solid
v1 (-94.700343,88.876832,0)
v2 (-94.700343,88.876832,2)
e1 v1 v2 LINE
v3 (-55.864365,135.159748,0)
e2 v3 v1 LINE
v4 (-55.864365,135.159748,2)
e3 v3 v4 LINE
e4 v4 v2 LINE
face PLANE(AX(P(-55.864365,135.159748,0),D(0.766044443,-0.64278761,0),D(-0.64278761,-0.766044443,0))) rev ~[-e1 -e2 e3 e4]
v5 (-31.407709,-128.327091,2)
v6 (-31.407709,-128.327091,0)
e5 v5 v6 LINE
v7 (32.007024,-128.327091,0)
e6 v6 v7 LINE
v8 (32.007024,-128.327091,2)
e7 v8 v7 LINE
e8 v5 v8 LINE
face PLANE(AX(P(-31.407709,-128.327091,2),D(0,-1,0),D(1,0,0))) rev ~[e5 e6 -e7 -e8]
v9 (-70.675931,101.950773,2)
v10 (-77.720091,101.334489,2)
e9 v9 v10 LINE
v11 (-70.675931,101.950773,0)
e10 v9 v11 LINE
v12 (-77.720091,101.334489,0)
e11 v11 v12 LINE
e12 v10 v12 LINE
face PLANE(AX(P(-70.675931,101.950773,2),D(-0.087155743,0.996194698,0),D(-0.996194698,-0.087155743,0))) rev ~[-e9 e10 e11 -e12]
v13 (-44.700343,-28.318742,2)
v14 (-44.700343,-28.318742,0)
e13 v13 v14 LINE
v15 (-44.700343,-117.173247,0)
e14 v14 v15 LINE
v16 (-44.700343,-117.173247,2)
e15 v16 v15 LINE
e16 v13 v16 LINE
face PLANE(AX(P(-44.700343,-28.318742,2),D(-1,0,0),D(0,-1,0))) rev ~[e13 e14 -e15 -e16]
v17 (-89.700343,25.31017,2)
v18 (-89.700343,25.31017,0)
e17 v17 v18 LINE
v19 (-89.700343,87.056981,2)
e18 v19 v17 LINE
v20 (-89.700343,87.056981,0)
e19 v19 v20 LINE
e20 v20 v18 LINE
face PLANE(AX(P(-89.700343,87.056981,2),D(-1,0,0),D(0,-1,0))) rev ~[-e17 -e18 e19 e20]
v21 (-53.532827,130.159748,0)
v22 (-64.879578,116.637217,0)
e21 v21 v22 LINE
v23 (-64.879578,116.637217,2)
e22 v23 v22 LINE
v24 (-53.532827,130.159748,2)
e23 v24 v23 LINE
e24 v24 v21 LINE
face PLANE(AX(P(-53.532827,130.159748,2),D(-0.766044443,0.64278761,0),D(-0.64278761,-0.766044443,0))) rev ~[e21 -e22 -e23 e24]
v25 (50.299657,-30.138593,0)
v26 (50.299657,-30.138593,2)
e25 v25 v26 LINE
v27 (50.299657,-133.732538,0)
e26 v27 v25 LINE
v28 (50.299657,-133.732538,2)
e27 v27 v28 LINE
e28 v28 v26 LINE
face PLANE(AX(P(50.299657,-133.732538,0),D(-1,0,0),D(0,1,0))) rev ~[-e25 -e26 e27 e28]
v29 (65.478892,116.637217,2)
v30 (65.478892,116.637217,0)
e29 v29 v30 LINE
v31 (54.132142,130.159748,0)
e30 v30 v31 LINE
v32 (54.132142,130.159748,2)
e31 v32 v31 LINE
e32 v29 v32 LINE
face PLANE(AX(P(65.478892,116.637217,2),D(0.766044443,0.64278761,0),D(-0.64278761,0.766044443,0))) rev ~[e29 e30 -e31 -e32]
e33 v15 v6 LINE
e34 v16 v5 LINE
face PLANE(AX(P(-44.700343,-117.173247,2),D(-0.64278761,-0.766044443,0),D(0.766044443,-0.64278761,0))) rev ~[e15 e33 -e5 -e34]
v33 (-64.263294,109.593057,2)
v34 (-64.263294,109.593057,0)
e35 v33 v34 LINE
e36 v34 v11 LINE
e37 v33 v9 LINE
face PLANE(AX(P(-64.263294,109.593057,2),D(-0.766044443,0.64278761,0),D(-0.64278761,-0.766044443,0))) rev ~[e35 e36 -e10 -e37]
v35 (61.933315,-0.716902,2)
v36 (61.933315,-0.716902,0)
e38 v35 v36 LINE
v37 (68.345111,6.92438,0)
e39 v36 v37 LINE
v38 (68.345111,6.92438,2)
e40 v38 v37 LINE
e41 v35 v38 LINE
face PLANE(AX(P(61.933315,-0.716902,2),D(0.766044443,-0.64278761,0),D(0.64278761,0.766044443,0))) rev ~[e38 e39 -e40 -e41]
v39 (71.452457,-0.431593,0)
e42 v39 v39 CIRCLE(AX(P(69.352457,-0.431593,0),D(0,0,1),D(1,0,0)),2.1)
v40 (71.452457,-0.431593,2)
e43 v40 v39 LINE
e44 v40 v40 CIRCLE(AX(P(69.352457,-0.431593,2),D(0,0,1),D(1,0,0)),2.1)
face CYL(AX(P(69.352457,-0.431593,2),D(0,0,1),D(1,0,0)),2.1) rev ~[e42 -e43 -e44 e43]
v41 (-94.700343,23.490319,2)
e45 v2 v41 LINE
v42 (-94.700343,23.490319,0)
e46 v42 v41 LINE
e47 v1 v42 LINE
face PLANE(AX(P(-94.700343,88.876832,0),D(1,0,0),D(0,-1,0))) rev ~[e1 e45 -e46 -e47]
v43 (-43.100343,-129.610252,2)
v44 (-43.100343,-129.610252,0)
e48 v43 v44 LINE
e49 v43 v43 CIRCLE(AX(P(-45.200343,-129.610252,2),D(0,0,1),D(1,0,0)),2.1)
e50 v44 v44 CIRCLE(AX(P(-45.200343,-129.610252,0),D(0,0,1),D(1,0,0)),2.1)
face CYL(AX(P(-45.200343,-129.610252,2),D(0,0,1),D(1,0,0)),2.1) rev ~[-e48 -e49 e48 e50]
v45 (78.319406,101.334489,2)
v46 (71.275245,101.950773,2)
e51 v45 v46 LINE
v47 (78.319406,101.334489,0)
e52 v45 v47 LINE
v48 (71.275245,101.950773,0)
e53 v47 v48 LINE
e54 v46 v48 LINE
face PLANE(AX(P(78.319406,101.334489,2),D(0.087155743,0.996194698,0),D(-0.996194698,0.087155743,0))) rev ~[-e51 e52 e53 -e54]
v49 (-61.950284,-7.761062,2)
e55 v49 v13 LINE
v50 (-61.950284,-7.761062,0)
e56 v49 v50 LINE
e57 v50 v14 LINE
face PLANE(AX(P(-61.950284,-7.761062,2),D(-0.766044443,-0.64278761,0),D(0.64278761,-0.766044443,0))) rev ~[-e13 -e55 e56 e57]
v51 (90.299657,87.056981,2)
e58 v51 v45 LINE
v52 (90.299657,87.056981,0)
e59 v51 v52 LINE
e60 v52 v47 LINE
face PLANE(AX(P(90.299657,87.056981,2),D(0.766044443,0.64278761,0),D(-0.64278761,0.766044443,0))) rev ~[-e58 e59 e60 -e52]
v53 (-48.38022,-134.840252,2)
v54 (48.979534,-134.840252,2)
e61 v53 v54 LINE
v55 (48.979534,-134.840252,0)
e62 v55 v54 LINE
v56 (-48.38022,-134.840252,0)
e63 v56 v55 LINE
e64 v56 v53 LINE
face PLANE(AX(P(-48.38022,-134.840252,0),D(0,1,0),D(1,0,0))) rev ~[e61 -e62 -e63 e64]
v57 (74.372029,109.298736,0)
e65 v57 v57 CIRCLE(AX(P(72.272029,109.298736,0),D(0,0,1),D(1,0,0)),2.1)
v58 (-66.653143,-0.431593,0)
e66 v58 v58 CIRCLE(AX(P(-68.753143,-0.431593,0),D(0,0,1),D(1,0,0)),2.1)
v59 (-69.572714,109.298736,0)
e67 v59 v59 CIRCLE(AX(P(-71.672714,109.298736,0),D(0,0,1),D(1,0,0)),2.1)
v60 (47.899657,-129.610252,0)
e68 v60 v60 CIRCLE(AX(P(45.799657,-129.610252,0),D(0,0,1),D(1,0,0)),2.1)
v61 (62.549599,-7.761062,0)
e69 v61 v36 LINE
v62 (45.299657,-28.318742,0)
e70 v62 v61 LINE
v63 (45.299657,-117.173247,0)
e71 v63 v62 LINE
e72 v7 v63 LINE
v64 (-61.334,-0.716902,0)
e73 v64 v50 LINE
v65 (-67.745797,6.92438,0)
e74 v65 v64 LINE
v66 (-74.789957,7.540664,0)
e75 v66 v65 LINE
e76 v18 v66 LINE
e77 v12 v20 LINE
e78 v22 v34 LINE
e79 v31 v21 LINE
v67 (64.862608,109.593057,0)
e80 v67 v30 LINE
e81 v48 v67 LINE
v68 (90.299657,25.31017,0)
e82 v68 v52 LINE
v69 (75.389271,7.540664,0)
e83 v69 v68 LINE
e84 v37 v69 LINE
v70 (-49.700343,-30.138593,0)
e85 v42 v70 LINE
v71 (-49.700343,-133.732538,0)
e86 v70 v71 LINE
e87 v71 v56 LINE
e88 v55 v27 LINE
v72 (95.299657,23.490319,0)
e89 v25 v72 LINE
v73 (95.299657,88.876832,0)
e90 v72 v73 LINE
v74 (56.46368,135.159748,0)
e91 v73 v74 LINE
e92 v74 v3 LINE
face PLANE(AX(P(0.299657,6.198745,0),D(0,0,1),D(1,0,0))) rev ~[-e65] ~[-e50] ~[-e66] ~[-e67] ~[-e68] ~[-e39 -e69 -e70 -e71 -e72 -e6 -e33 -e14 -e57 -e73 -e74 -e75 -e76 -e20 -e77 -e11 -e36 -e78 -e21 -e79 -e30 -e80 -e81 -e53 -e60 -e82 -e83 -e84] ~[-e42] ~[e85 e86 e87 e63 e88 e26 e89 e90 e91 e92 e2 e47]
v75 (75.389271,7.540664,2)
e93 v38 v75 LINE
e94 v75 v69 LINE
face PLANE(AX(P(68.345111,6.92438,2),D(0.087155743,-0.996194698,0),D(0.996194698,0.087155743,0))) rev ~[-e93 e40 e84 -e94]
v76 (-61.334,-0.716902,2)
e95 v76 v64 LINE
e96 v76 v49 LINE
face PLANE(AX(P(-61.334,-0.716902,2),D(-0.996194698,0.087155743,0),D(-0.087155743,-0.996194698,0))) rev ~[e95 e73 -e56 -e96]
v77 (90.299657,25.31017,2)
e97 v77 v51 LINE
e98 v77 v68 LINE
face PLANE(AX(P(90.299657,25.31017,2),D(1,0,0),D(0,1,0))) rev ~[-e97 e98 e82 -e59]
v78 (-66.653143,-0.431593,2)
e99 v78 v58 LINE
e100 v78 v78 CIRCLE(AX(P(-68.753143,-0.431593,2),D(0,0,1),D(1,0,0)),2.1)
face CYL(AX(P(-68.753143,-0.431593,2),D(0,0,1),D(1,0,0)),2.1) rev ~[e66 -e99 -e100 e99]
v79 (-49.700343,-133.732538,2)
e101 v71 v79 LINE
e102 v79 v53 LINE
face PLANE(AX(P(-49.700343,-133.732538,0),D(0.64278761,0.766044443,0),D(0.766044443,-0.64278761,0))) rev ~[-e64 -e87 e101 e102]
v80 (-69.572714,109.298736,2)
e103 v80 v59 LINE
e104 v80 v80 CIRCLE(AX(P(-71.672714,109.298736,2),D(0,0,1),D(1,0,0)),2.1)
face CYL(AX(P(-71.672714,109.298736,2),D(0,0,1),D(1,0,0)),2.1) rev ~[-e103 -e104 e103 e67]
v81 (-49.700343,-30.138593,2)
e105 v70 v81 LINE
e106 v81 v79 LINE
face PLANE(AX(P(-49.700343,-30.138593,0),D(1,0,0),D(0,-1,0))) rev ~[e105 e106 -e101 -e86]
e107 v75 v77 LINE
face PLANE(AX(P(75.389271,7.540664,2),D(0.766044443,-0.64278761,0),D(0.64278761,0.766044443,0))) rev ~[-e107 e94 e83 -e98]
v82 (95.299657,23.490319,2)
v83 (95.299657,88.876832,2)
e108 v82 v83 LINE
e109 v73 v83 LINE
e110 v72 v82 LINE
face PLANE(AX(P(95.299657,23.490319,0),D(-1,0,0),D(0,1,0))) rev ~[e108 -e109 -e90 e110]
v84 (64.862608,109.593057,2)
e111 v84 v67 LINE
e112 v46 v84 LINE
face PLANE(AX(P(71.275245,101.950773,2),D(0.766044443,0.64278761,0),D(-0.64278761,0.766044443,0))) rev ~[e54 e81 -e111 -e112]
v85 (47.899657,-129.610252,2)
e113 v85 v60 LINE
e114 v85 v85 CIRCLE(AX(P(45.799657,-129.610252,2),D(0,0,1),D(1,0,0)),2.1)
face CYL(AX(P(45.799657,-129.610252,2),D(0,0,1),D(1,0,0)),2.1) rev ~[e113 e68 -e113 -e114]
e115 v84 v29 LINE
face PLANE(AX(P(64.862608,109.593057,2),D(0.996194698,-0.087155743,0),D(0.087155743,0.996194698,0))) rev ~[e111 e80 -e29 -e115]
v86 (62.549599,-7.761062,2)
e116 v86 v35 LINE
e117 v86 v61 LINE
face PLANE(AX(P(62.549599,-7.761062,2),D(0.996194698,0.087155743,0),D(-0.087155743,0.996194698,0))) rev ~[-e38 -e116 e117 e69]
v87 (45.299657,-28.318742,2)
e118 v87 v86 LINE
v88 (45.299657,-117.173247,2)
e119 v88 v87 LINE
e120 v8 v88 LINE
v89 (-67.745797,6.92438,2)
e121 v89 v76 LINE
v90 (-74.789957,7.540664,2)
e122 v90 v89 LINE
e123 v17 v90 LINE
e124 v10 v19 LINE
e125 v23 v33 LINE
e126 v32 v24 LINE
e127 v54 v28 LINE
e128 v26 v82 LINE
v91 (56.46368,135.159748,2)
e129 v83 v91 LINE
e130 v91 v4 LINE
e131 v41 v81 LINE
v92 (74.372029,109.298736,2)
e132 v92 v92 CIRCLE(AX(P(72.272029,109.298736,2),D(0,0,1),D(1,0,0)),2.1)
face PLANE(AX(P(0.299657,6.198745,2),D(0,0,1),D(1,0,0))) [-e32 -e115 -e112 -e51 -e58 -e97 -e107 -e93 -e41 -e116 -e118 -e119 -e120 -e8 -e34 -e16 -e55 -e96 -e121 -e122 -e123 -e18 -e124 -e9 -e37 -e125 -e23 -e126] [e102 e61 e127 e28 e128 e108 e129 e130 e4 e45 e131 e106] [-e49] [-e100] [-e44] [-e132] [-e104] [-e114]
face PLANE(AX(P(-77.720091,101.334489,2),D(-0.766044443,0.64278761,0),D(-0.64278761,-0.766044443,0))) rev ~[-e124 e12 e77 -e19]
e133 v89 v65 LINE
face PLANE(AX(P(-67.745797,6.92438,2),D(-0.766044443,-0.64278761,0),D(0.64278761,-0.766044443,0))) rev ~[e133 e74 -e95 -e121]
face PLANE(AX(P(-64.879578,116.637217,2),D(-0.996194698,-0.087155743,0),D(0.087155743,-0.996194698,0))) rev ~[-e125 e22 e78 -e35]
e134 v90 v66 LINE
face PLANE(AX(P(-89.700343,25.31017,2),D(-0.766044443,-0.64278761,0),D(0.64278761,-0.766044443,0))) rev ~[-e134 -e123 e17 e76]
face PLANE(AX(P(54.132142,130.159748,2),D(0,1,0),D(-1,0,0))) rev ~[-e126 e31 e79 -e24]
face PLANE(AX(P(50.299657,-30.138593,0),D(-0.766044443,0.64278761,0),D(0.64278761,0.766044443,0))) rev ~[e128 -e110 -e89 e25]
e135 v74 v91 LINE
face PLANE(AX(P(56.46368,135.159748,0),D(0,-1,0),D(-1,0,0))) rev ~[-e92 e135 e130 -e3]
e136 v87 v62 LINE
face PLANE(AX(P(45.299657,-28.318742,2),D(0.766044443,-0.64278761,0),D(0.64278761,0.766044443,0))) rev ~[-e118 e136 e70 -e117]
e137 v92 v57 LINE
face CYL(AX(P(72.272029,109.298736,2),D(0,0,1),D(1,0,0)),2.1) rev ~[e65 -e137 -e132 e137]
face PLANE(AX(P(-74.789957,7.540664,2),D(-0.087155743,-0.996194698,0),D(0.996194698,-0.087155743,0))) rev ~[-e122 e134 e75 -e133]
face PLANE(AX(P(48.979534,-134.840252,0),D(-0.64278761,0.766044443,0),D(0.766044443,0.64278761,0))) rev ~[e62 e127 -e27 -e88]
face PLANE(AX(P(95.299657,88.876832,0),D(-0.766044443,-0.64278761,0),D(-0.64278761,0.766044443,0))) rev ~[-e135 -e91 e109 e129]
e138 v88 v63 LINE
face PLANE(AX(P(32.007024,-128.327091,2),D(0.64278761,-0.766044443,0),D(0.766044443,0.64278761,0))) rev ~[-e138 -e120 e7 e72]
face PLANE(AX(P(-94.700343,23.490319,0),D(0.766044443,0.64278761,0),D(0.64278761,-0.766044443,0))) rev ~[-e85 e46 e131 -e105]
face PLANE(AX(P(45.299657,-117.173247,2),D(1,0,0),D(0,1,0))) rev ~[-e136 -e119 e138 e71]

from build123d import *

# Parameters (mm, degrees)
RESSALTO_EXTRUS_O1_DEPTH = 2
CORTE_EXTRUS_O1_REACH    = 4
ESBO_O2_R                = 2.1
CORTE_EXTRUS_O2_DEPTH    = 10


with BuildPart() as part:
    # Esboço1 → Ressalto-extrusão1 (new body)
    with BuildSketch(Plane.XY):
        Polygon((56.463679973, 135.159747673), (-55.864365487, 135.159747673), (-94.700342757, 88.87683224), (-94.700342757, 23.490318666), (-49.700342757, -30.138593001), (-49.700342757, -133.732537696), (-48.380219867, -134.840252327), (48.979534352, -134.840252327), (50.299657243, -133.732537696), (50.299657243, -30.138593001), (95.299657243, 23.490318666), (95.299657243, 88.87683224), align=None)
    extrude(amount=RESSALTO_EXTRUS_O1_DEPTH)

    # Esboço2 → Corte-extrusão1 (cut, up to next)
    with BuildSketch(Plane.XY.offset(2), mode=Mode.PRIVATE) as corte_extrus_o1_sk1:
        with Locations((-71.672714117, 109.298736063)):
            Circle(ESBO_O2_R)
    corte_extrus_o1_tool1 = extrude(corte_extrus_o1_sk1.sketch, amount=-CORTE_EXTRUS_O1_REACH, mode=Mode.PRIVATE) & part.part
    add(corte_extrus_o1_tool1.solids().sort_by_distance((-71.672714, 109.298736, 2))[0], mode=Mode.SUBTRACT)
    # Esboço2 → Corte-extrusão1 (cut, up to next)
    with BuildSketch(Plane.XY.offset(2), mode=Mode.PRIVATE) as corte_extrus_o1_sk2:
        with Locations((-45.200342757, -129.610252327)):
            Circle(ESBO_O2_R)
    corte_extrus_o1_tool2 = extrude(corte_extrus_o1_sk2.sketch, amount=-CORTE_EXTRUS_O1_REACH, mode=Mode.PRIVATE) & part.part
    add(corte_extrus_o1_tool2.solids().sort_by_distance((-45.200343, -129.610252, 2))[0], mode=Mode.SUBTRACT)
    # Esboço2 → Corte-extrusão1 (cut, up to next)
    with BuildSketch(Plane.XY.offset(2), mode=Mode.PRIVATE) as corte_extrus_o1_sk3:
        with Locations((45.799657243, -129.610252327)):
            Circle(ESBO_O2_R)
    corte_extrus_o1_tool3 = extrude(corte_extrus_o1_sk3.sketch, amount=-CORTE_EXTRUS_O1_REACH, mode=Mode.PRIVATE) & part.part
    add(corte_extrus_o1_tool3.solids().sort_by_distance((45.799657, -129.610252, 2))[0], mode=Mode.SUBTRACT)
    # Esboço2 → Corte-extrusão1 (cut, up to next)
    with BuildSketch(Plane.XY.offset(2), mode=Mode.PRIVATE) as corte_extrus_o1_sk4:
        with Locations((72.272028603, 109.298736063)):
            Circle(ESBO_O2_R)
    corte_extrus_o1_tool4 = extrude(corte_extrus_o1_sk4.sketch, amount=-CORTE_EXTRUS_O1_REACH, mode=Mode.PRIVATE) & part.part
    add(corte_extrus_o1_tool4.solids().sort_by_distance((72.272029, 109.298736, 2))[0], mode=Mode.SUBTRACT)
    # Esboço2 → Corte-extrusão1 (cut, up to next)
    with BuildSketch(Plane.XY.offset(2), mode=Mode.PRIVATE) as corte_extrus_o1_sk5:
        with Locations((-68.753142763, -0.431592924)):
            Circle(ESBO_O2_R)
    corte_extrus_o1_tool5 = extrude(corte_extrus_o1_sk5.sketch, amount=-CORTE_EXTRUS_O1_REACH, mode=Mode.PRIVATE) & part.part
    add(corte_extrus_o1_tool5.solids().sort_by_distance((-68.753143, -0.431593, 2))[0], mode=Mode.SUBTRACT)
    # Esboço2 → Corte-extrusão1 (cut, up to next)
    with BuildSketch(Plane.XY.offset(2), mode=Mode.PRIVATE) as corte_extrus_o1_sk6:
        with Locations((69.352457249, -0.431592924)):
            Circle(ESBO_O2_R)
    corte_extrus_o1_tool6 = extrude(corte_extrus_o1_sk6.sketch, amount=-CORTE_EXTRUS_O1_REACH, mode=Mode.PRIVATE) & part.part
    add(corte_extrus_o1_tool6.solids().sort_by_distance((69.352457, -0.431593, 2))[0], mode=Mode.SUBTRACT)

    # Esboço3 → Corte-extrusão2 (cut)
    with BuildSketch(Plane.XY.offset(2)):
        Polygon((-53.532827197, 130.159747673), (-64.879577854, 116.637216813), (-64.263293687, 109.593056549), (-70.675930858, 101.950773162), (-77.720091122, 101.334488995), (-89.700342757, 87.056981069), (-89.700342757, 25.310169837), (-74.789956765, 7.540663764), (-67.745796501, 6.924379597), (-61.334000151, -0.716901738), (-61.950284318, -7.761062002), (-44.700342757, -28.318741829), (-44.700342757, -117.173246706), (-31.407709232, -128.327090595), (32.007023717, -128.327090595), (45.299657243, -117.173246706), (45.299657243, -28.318741829), (62.549598803, -7.761062002), (61.933314636, -0.716901738), (68.345110987, 6.924379597), (75.389271251, 7.540663764), (90.299657243, 25.310169837), (90.299657243, 87.056981069), (78.319405608, 101.334488995), (71.275245343, 101.950773162), (64.862608173, 109.593056549), (65.47889234, 116.637216813), (54.132141682, 130.159747673), align=None)
    extrude(amount=-CORTE_EXTRUS_O2_DEPTH, mode=Mode.SUBTRACT)


solid = part.part
